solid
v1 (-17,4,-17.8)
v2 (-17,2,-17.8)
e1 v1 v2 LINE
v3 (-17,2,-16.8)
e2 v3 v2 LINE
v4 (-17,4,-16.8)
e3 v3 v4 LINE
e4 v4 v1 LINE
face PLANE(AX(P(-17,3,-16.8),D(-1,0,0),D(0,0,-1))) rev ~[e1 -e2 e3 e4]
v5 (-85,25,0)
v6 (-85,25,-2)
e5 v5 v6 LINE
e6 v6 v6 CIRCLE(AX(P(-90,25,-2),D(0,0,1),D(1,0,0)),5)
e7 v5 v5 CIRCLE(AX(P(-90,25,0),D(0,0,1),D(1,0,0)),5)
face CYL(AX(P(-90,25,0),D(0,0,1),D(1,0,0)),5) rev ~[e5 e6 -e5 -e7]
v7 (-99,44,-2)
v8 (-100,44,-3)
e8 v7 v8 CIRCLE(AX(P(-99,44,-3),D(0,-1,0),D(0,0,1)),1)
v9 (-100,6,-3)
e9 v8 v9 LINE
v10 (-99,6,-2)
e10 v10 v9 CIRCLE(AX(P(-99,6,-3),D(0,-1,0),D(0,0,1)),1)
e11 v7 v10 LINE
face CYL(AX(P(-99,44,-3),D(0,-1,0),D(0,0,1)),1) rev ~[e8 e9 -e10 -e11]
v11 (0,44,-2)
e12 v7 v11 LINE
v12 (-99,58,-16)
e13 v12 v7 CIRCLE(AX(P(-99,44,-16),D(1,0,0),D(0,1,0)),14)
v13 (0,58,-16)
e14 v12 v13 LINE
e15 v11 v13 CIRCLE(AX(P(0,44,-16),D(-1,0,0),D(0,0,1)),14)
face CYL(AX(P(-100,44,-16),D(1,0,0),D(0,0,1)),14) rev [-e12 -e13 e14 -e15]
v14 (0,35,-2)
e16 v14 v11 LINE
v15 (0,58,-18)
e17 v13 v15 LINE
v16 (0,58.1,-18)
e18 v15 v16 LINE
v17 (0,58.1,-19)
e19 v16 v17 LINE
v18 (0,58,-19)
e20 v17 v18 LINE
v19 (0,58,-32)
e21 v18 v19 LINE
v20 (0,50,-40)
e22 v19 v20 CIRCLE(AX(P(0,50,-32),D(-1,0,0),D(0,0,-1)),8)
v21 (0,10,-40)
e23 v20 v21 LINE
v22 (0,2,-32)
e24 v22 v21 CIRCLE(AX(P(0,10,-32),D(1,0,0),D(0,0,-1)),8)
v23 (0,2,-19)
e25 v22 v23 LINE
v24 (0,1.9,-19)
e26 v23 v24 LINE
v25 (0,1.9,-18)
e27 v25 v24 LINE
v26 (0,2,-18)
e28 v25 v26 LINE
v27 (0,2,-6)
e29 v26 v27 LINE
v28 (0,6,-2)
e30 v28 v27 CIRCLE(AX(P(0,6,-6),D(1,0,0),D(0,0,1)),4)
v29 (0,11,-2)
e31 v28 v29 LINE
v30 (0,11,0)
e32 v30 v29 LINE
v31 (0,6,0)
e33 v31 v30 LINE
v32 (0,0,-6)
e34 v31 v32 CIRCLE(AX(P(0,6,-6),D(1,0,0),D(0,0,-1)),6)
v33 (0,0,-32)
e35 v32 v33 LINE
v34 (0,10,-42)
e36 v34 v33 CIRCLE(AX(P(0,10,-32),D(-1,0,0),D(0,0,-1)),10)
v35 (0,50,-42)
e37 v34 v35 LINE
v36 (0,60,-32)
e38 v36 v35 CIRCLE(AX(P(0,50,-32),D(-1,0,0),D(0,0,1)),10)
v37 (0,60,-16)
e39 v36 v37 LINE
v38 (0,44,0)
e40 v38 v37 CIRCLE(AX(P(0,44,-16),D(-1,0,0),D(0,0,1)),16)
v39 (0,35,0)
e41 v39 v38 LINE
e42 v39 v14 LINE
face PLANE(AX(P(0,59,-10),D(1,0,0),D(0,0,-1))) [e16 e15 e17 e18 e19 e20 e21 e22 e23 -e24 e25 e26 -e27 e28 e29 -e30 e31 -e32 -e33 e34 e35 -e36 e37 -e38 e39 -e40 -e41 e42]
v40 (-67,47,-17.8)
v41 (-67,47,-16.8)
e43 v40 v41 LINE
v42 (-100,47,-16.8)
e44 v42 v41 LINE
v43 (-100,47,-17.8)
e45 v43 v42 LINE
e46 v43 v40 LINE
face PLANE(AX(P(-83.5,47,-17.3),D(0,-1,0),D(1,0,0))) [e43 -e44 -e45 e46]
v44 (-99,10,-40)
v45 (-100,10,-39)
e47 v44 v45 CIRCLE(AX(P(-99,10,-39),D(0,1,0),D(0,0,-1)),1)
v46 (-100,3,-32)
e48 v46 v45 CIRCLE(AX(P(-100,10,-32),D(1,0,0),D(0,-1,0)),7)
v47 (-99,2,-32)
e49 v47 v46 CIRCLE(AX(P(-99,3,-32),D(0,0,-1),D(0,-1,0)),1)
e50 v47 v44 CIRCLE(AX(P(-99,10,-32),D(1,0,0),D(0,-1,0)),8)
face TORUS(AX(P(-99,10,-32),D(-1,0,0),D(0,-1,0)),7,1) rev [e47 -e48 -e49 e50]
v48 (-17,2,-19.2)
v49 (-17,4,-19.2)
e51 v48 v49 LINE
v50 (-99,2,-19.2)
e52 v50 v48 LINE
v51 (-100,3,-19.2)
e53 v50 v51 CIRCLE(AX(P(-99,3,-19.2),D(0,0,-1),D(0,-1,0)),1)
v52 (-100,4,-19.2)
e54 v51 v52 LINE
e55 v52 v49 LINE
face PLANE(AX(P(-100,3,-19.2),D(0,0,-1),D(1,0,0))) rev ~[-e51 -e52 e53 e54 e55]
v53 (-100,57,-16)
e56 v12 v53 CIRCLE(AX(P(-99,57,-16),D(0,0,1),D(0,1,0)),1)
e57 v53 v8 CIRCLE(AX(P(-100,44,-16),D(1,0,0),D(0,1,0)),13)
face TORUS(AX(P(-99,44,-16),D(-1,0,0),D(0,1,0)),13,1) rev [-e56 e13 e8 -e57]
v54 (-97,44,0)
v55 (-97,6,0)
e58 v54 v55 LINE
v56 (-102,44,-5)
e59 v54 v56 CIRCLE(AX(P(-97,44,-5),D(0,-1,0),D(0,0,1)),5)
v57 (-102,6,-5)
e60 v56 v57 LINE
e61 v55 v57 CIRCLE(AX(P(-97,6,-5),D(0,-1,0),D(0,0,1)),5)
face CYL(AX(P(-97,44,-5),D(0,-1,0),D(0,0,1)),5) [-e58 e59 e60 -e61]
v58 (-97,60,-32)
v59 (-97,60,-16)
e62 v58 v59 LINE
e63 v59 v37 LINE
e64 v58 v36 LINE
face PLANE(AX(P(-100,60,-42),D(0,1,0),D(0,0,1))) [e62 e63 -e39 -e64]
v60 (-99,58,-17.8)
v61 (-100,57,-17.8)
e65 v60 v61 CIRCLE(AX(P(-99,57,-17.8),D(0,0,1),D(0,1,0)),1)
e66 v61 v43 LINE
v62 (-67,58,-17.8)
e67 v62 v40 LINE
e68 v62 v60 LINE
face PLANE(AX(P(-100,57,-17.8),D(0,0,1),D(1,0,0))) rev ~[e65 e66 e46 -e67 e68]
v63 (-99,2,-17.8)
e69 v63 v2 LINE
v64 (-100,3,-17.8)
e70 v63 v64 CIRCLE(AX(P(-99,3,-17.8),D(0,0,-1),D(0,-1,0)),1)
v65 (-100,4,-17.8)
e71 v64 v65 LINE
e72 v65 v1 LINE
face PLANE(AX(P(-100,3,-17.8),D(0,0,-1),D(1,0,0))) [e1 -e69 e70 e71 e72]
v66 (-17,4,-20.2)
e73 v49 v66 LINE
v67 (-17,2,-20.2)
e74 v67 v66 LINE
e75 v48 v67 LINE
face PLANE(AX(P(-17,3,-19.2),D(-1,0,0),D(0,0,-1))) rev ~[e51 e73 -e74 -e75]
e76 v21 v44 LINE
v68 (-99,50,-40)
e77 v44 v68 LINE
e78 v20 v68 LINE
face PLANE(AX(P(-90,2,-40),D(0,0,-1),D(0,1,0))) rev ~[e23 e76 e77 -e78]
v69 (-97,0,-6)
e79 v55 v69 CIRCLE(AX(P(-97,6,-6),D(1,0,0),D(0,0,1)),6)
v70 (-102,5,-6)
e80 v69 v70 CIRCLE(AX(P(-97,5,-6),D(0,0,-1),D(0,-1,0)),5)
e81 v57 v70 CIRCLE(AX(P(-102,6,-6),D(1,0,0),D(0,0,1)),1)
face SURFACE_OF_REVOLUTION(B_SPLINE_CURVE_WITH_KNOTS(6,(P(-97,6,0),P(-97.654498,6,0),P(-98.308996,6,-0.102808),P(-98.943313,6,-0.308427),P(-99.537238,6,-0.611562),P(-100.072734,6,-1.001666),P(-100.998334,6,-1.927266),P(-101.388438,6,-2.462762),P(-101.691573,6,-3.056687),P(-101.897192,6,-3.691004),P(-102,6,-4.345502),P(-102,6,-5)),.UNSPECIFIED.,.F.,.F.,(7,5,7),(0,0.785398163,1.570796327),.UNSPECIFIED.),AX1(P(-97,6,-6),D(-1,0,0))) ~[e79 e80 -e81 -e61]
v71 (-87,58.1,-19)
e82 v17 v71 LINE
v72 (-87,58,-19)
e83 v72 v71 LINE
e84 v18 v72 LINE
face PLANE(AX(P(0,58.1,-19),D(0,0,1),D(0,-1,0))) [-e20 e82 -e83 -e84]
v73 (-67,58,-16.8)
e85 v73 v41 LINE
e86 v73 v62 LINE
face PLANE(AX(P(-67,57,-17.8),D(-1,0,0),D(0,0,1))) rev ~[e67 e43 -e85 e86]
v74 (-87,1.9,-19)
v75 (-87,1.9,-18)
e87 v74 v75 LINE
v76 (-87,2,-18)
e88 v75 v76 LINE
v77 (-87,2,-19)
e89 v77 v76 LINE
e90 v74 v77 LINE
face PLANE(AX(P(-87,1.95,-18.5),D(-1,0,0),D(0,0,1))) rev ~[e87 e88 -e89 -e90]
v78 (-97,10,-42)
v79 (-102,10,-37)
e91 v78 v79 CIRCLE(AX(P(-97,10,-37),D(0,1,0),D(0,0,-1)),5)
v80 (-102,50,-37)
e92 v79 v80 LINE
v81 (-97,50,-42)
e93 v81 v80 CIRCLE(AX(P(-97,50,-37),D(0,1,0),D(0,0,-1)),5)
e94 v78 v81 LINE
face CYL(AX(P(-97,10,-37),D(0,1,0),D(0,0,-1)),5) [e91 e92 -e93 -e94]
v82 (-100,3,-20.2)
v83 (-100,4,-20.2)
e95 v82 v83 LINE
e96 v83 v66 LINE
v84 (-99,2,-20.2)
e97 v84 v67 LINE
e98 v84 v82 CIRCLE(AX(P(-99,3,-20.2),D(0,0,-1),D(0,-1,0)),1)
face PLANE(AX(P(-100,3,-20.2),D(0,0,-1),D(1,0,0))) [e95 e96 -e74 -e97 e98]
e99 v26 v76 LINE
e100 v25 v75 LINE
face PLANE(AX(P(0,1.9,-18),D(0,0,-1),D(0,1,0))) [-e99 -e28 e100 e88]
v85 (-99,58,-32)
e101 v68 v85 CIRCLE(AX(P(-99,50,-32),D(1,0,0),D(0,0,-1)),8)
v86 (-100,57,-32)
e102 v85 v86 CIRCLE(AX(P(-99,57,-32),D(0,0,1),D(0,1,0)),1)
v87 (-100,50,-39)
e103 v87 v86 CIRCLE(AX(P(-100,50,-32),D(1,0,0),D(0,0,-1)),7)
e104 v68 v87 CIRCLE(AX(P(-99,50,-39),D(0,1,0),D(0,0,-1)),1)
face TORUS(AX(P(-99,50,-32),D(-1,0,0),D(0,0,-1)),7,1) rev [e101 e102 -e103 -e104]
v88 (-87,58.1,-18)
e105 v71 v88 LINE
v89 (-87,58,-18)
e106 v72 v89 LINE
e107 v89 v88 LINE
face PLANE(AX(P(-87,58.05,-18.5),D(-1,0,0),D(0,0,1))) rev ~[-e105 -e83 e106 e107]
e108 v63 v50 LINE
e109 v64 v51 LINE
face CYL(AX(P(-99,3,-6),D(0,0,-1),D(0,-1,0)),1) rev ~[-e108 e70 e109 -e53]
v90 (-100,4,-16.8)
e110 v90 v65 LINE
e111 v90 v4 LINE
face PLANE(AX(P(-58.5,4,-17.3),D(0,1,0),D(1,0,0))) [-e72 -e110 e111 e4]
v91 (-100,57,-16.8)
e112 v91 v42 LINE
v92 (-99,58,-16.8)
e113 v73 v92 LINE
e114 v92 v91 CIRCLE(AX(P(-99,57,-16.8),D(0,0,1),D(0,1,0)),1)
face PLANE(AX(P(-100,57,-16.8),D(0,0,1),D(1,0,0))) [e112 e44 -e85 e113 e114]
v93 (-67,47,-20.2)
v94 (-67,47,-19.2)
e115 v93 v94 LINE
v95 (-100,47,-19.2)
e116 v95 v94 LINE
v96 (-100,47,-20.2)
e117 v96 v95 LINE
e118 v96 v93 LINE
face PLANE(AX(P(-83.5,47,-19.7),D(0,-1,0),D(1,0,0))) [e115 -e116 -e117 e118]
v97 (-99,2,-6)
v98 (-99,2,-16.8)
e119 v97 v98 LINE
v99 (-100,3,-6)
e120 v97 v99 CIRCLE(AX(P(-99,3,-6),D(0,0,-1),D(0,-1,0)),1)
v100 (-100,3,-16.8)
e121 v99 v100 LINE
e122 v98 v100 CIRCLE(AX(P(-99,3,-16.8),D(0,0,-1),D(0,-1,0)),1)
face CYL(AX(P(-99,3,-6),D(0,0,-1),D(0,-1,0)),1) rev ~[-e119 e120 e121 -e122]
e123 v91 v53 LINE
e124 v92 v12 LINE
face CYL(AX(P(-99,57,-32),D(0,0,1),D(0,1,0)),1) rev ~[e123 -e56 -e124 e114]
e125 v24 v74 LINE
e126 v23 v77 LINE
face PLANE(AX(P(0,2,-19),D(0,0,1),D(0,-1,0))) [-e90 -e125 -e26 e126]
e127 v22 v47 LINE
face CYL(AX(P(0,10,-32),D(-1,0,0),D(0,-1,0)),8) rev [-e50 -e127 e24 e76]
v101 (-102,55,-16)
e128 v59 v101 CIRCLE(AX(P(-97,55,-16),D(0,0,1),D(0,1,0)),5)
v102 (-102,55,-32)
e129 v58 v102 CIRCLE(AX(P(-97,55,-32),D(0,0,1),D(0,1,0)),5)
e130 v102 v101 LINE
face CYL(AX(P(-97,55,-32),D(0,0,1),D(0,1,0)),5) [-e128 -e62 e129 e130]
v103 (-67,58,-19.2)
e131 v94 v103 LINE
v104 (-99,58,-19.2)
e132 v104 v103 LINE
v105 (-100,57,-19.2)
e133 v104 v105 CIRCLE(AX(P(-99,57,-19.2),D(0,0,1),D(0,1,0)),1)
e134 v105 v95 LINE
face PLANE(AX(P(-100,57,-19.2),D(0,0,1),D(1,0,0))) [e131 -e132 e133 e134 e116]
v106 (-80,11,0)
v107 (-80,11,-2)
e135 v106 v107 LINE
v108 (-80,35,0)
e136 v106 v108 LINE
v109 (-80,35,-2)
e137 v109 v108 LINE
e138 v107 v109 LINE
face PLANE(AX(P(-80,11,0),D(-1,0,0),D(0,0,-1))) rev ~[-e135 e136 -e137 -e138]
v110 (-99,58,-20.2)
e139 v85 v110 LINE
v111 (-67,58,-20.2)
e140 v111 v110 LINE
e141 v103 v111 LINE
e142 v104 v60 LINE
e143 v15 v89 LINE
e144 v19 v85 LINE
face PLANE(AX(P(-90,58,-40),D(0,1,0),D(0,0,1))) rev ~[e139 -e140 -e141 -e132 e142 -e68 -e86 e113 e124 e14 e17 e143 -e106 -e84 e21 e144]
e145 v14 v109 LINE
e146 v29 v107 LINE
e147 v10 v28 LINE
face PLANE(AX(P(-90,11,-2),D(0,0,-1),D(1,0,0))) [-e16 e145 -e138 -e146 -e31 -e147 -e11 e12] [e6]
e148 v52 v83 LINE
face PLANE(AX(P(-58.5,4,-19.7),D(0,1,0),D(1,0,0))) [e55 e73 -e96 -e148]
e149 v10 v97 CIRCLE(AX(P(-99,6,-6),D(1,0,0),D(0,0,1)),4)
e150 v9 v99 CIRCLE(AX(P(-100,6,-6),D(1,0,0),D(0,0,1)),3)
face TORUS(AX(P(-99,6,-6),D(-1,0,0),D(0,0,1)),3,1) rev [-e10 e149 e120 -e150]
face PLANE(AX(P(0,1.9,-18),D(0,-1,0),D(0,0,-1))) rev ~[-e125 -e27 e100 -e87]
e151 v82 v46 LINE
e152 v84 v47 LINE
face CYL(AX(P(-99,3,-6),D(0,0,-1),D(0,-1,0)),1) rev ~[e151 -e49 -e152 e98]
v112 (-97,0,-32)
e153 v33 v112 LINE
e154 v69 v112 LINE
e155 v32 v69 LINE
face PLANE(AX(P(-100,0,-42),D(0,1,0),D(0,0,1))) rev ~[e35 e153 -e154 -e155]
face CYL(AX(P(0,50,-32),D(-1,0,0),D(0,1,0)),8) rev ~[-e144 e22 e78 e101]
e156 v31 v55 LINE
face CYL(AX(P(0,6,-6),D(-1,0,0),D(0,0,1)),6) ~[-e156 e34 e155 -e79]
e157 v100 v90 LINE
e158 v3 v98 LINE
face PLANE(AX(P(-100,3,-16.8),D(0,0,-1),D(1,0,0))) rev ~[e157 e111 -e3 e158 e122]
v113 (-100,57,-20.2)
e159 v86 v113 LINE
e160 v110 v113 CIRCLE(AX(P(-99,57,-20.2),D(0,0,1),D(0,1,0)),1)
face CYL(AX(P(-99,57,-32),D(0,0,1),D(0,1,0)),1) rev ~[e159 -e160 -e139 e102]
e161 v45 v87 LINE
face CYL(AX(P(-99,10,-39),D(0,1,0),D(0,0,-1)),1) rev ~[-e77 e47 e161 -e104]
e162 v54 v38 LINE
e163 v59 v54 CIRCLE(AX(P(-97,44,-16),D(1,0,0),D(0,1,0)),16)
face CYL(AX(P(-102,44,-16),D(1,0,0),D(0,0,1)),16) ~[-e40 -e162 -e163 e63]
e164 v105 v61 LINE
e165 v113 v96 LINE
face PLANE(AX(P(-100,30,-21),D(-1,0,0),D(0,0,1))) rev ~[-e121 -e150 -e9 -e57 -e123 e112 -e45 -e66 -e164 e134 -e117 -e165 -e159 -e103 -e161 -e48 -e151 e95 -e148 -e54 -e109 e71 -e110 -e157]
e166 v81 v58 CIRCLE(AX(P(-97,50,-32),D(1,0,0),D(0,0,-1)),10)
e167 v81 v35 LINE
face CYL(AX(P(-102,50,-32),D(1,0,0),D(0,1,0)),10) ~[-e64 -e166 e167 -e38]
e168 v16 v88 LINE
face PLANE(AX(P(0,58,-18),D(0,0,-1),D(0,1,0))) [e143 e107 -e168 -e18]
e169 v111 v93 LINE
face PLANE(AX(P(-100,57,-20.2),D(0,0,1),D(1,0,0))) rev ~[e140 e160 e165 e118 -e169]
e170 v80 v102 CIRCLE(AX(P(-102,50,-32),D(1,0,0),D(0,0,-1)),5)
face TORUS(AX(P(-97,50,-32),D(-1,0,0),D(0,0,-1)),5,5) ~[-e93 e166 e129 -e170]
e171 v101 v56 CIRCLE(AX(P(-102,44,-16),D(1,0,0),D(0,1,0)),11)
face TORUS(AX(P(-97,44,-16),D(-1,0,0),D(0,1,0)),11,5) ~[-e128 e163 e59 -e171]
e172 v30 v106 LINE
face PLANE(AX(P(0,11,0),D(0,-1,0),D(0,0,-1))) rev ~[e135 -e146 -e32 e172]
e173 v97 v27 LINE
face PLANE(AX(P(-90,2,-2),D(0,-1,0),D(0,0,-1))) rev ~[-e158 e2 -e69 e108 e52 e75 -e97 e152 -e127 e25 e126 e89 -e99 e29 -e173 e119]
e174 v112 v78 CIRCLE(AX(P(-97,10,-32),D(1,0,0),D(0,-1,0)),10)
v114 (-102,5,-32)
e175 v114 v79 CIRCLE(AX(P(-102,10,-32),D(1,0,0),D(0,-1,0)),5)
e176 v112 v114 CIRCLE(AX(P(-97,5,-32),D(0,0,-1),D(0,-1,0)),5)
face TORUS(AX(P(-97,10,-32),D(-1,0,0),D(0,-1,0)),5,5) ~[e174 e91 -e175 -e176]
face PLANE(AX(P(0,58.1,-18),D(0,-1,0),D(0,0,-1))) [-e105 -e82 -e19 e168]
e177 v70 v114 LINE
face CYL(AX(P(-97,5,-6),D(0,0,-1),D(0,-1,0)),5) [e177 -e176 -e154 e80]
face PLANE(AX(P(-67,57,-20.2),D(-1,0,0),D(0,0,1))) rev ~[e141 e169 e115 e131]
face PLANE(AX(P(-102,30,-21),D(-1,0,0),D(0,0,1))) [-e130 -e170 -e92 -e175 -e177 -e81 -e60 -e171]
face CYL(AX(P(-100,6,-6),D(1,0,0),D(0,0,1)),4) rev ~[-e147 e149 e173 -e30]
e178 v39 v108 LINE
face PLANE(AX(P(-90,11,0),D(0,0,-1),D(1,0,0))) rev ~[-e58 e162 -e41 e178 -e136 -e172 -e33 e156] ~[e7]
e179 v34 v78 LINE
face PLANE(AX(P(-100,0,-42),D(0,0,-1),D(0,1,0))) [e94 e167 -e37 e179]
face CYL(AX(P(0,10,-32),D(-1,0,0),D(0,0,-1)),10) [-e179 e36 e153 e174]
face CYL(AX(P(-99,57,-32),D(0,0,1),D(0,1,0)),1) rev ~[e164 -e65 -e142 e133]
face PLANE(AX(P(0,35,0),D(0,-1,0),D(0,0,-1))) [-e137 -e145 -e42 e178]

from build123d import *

# Parameters (mm, degrees)
SKETCH_1_W                  = 1
SKETCH_1_H                  = 1.9
SKETCH_1_W_2                = 2
SKETCH_1_H_2                = 60
EXTRUDE_1_DEPTH             = 90
SKETCH_2_W                  = 2
SKETCH_2_H                  = 24
CUT_EXTRUDE_1_DEPTH         = 117.034477635
SKETCH_4_W                  = 1
SKETCH_4_H                  = 0.1
EXTRUDE_2_DEPTH             = 3
SKETCH_5_W                  = 2
SKETCH_5_H                  = 24
EXTRUDE_3_DEPTH             = 10
SKETCH_6_W                  = 42
SKETCH_6_H                  = 60
EXTRUDE_4_DEPTH             = 2
EXTRUDE_5_REACH             = 122.702
SKETCH_8_W                  = 10
SKETCH_8_H                  = 2
CUT_EXTRUDE_2_REACH         = 127.571
SKETCH_7_R                  = 5
FILLET_1_R                  = 14
FILLET_2_R                  = 16
FILLET_4_R                  = 8
FILLET_5_R                  = 10
FILLET_6_R                  = 4
FILLET_7_R                  = 6
FILLET_8_R                  = 5
FILLET_9_R                  = 1
EXTRUDE_6_REACH             = 115.723
SKETCH_10_W                 = 1
SKETCH_10_H                 = 1
EXTRUDE_6_DIRECTION_2_DEPTH = 20
SKETCH_11_W                 = 1
SKETCH_11_H                 = 1
EXTRUDE_7_DEPTH             = 50
SKETCH_12_W                 = 33
SKETCH_12_H                 = 1
EXTRUDE_8_DEPTH             = 10
SKETCH_13_W                 = 83
SKETCH_13_H                 = 1
EXTRUDE_9_DEPTH             = 1


with BuildPart() as part:
    # Эскиз1 → Бобышка-Вытянуть1 (new body)
    with BuildSketch(Plane(origin=(0, 0, 0), x_dir=(0, 0, -1), z_dir=(1, 0, 0))):
        Polygon((18, 60), (2, 60), (2, 58), (18, 58), (18, 58.1), align=None)
        with Locations((18.5, 59.05)):
            Rectangle(SKETCH_1_W, SKETCH_1_H)
        Polygon((40, 60), (19, 60), (19, 58.1), (19, 58), (40, 58), align=None)
        with Locations((1, 30)):
            Rectangle(SKETCH_1_W_2, SKETCH_1_H_2)
        Polygon((40, 2), (40, 0), (42, 0), (42, 60), (40, 60), (40, 58), align=None)
        Polygon((19, 1.9), (19, 0), (40, 0), (40, 2), (19, 2), align=None)
        with Locations((18.5, 0.95)):
            Rectangle(SKETCH_1_W, SKETCH_1_H)
        Polygon((2, 2), (2, 0), (18, 0), (18, 1.9), (18, 2), align=None)
    extrude(amount=-EXTRUDE_1_DEPTH)

    # Эскиз2 → Вырез-Вытянуть1 (cut, through all)
    with BuildSketch(Plane(origin=(0, 0, 0), x_dir=(0, 0, -1), z_dir=(1, 0, 0))):
        with Locations((1, 23)):
            Rectangle(SKETCH_2_W, SKETCH_2_H)
    extrude(amount=-CUT_EXTRUDE_1_DEPTH, mode=Mode.SUBTRACT)

    # Эскиз4 → Бобышка-Вытянуть2 (add)
    with BuildSketch(Plane.ZY.offset(90)):
        with Locations((-18.5, 58.05)):
            Rectangle(SKETCH_4_W, SKETCH_4_H)
        with Locations((-18.5, 1.95)):
            Rectangle(SKETCH_4_W, SKETCH_4_H)
    extrude(amount=-EXTRUDE_2_DEPTH)

    # Эскиз5 → Бобышка-Вытянуть3 (add)
    with BuildSketch(Plane.ZY.offset(90)):
        Polygon((0, 11), (-2, 11), (-2, 2), (-40, 2), (-40, 58), (-2, 58), (-2, 35), (0, 35), (0, 60), (-42, 60), (-42, 0), (0, 0), align=None)
        with Locations((-1, 23)):
            Rectangle(SKETCH_5_W, SKETCH_5_H)
    extrude(amount=EXTRUDE_3_DEPTH)

    # Эскиз6 → Бобышка-Вытянуть4 (add)
    with BuildSketch(Plane.ZY.offset(100)):
        with Locations((-21, 30)):
            Rectangle(SKETCH_6_W, SKETCH_6_H)
    extrude(amount=EXTRUDE_4_DEPTH)

    # Эскиз8 → Бобышка-Вытянуть5 (add, up to next)
    with BuildSketch(Plane(origin=(0, 11, 0), x_dir=(1, 0, 0), z_dir=(0, 1, 0)), mode=Mode.PRIVATE) as extrude_5_sk1:
        with Locations((-85, 1)):
            Rectangle(SKETCH_8_W, SKETCH_8_H)
    extrude_5_tool1 = extrude(extrude_5_sk1.sketch, amount=EXTRUDE_5_REACH, mode=Mode.PRIVATE) - part.part
    add(extrude_5_tool1.solids().sort_by_distance((-85, 11, -1))[0])

    # Эскиз7 → Вырез-Вытянуть2 (cut, up to next)
    with BuildSketch(Plane.XY, mode=Mode.PRIVATE) as cut_extrude_2_sk1:
        with Locations((-90, 25)):
            Circle(SKETCH_7_R)
    cut_extrude_2_tool1 = extrude(cut_extrude_2_sk1.sketch, amount=-CUT_EXTRUDE_2_REACH, mode=Mode.PRIVATE) & part.part
    add(cut_extrude_2_tool1.solids().sort_by_distance((-90, 25, 0))[0], mode=Mode.SUBTRACT)

    # Скругление1
    fillet_1_edges = [part.edges().sort_by_distance(p)[0] for p in [
        (-50, 58, -2),
    ]]
    fillet(fillet_1_edges, radius=FILLET_1_R)

    # Скругление2
    fillet_2_edges = [part.edges().sort_by_distance(p)[0] for p in [
        (-51, 60, 0),
    ]]
    fillet(fillet_2_edges, radius=FILLET_2_R)

    # Скругление4
    fillet_4_edges = [part.edges().sort_by_distance(p)[0] for p in [
        (-50, 2, -40),
        (-50, 58, -40),
    ]]
    fillet(fillet_4_edges, radius=FILLET_4_R)

    # Скругление5
    fillet_5_edges = [part.edges().sort_by_distance(p)[0] for p in [
        (-51, 60, -42),
        (-51, 0, -42),
    ]]
    fillet(fillet_5_edges, radius=FILLET_5_R)

    # Скругление6
    fillet_6_edges = [part.edges().sort_by_distance(p)[0] for p in [
        (-50, 2, -2),
    ]]
    fillet(fillet_6_edges, radius=FILLET_6_R)

    # Скругление7
    fillet_7_edges = [part.edges().sort_by_distance(p)[0] for p in [
        (-51, 0, 0),
    ]]
    fillet(fillet_7_edges, radius=FILLET_7_R)

    # Скругление8
    fillet_8_edges = [part.edges().sort_by_distance(p)[0] for p in [
        (-102, 60, -24),
        (-102, 55.313708499, -4.686291501),
        (-102, 0, -19),
        (-102, 30, -42),
        (-102, 57.071067812, -39.071067812),
        (-102, 2.928932188, -39.071067812),
        (-102, 25, 0),
        (-102, 1.757359313, -1.757359313),
    ]]
    fillet(fillet_8_edges, radius=FILLET_8_R)

    # Скругление9
    fillet_9_edges = [part.edges().sort_by_distance(p)[0] for p in [
        (-100, 25, -2),
        (-100, 53.899494937, -6.100505063),
        (-100, 30, -40),
        (-100, 58, -24),
        (-100, 55.656854249, -37.656854249),
        (-100, 4.343145751, -37.656854249),
        (-100, 2, -19),
        (-100, 3.171572875, -3.171572875),
    ]]
    fillet(fillet_9_edges, radius=FILLET_9_R)

    # Эскиз10 → Бобышка-Вытянуть6 (add, up to next)
    with BuildSketch(Plane(origin=(-87, 0, 0), x_dir=(0, 0, -1), z_dir=(1, 0, 0)), mode=Mode.PRIVATE) as extrude_6_sk1:
        with Locations((17.3, 57.5)):
            Rectangle(SKETCH_10_W, SKETCH_10_H)
    extrude_6_tool1 = extrude(extrude_6_sk1.sketch, amount=-EXTRUDE_6_REACH, mode=Mode.PRIVATE) - part.part
    # Эскиз10 → Бобышка-Вытянуть6 (add, up to next)
    with BuildSketch(Plane(origin=(-87, 0, 0), x_dir=(0, 0, -1), z_dir=(1, 0, 0)), mode=Mode.PRIVATE) as extrude_6_sk2:
        with Locations((19.7, 57.5)):
            Rectangle(SKETCH_10_W, SKETCH_10_H)
    extrude_6_tool2 = extrude(extrude_6_sk2.sketch, amount=-EXTRUDE_6_REACH, mode=Mode.PRIVATE) - part.part
    extrude_6_1 = extrude_6_tool1.solids().sort_by_distance((-87, 57.5, -17.3))[0]
    add(extrude_6_1)
    extrude_6_2 = extrude_6_tool2.solids().sort_by_distance((-87, 57.5, -19.7))[0]
    add(extrude_6_2)
    extrude_6 = extrude_6_1 + extrude_6_2  # Бобышка-Вытянуть6 as one shape, for the pattern or mirror that repeats it

    # Эскиз10 → Бобышка-Вытянуть6 direction 2 (add)
    with BuildSketch(Plane(origin=(-87, 0, 0), x_dir=(0, 0, -1), z_dir=(1, 0, 0))):
        with Locations((17.3, 57.5)):
            Rectangle(SKETCH_10_W, SKETCH_10_H)
        with Locations((19.7, 57.5)):
            Rectangle(SKETCH_10_W, SKETCH_10_H)
    extrude_6_direction_2 = extrude(amount=EXTRUDE_6_DIRECTION_2_DEPTH)

    # Зеркальное отражение1: Бобышка-Вытянуть6, Бобышка-Вытянуть6 direction 2 across plane
    add(extrude_6.mirror(Plane(origin=(0, 30, 0), x_dir=(0, 0, 1), z_dir=(0, -1, 0))))
    add(extrude_6_direction_2.mirror(Plane(origin=(0, 30, 0), x_dir=(0, 0, 1), z_dir=(0, -1, 0))))

    # Эскиз11 → Бобышка-Вытянуть7 (add)
    with BuildSketch(Plane(origin=(-67, 0, 0), x_dir=(0, 0, -1), z_dir=(1, 0, 0))):
        with Locations((19.7, 2.5)):
            Rectangle(SKETCH_11_W, SKETCH_11_H)
        with Locations((17.3, 2.5)):
            Rectangle(SKETCH_11_W, SKETCH_11_H)
    extrude(amount=EXTRUDE_7_DEPTH)

    # Эскиз12 → Бобышка-Вытянуть8 (add)
    with BuildSketch(Plane.XZ.offset(-57)):
        with Locations((-83.5, -17.3)):
            Rectangle(SKETCH_12_W, SKETCH_12_H)
        with Locations((-83.5, -19.7)):
            Rectangle(SKETCH_12_W, SKETCH_12_H)
    extrude(amount=EXTRUDE_8_DEPTH)

    # Эскиз13 → Бобышка-Вытянуть9 (add)
    with BuildSketch(Plane(origin=(0, 3, 0), x_dir=(1, 0, 0), z_dir=(0, 1, 0))):
        with Locations((-58.5, 19.7)):
            Rectangle(SKETCH_13_W, SKETCH_13_H)
        with Locations((-58.5, 17.3)):
            Rectangle(SKETCH_13_W, SKETCH_13_H)
    extrude(amount=EXTRUDE_9_DEPTH)


solid = part.part
